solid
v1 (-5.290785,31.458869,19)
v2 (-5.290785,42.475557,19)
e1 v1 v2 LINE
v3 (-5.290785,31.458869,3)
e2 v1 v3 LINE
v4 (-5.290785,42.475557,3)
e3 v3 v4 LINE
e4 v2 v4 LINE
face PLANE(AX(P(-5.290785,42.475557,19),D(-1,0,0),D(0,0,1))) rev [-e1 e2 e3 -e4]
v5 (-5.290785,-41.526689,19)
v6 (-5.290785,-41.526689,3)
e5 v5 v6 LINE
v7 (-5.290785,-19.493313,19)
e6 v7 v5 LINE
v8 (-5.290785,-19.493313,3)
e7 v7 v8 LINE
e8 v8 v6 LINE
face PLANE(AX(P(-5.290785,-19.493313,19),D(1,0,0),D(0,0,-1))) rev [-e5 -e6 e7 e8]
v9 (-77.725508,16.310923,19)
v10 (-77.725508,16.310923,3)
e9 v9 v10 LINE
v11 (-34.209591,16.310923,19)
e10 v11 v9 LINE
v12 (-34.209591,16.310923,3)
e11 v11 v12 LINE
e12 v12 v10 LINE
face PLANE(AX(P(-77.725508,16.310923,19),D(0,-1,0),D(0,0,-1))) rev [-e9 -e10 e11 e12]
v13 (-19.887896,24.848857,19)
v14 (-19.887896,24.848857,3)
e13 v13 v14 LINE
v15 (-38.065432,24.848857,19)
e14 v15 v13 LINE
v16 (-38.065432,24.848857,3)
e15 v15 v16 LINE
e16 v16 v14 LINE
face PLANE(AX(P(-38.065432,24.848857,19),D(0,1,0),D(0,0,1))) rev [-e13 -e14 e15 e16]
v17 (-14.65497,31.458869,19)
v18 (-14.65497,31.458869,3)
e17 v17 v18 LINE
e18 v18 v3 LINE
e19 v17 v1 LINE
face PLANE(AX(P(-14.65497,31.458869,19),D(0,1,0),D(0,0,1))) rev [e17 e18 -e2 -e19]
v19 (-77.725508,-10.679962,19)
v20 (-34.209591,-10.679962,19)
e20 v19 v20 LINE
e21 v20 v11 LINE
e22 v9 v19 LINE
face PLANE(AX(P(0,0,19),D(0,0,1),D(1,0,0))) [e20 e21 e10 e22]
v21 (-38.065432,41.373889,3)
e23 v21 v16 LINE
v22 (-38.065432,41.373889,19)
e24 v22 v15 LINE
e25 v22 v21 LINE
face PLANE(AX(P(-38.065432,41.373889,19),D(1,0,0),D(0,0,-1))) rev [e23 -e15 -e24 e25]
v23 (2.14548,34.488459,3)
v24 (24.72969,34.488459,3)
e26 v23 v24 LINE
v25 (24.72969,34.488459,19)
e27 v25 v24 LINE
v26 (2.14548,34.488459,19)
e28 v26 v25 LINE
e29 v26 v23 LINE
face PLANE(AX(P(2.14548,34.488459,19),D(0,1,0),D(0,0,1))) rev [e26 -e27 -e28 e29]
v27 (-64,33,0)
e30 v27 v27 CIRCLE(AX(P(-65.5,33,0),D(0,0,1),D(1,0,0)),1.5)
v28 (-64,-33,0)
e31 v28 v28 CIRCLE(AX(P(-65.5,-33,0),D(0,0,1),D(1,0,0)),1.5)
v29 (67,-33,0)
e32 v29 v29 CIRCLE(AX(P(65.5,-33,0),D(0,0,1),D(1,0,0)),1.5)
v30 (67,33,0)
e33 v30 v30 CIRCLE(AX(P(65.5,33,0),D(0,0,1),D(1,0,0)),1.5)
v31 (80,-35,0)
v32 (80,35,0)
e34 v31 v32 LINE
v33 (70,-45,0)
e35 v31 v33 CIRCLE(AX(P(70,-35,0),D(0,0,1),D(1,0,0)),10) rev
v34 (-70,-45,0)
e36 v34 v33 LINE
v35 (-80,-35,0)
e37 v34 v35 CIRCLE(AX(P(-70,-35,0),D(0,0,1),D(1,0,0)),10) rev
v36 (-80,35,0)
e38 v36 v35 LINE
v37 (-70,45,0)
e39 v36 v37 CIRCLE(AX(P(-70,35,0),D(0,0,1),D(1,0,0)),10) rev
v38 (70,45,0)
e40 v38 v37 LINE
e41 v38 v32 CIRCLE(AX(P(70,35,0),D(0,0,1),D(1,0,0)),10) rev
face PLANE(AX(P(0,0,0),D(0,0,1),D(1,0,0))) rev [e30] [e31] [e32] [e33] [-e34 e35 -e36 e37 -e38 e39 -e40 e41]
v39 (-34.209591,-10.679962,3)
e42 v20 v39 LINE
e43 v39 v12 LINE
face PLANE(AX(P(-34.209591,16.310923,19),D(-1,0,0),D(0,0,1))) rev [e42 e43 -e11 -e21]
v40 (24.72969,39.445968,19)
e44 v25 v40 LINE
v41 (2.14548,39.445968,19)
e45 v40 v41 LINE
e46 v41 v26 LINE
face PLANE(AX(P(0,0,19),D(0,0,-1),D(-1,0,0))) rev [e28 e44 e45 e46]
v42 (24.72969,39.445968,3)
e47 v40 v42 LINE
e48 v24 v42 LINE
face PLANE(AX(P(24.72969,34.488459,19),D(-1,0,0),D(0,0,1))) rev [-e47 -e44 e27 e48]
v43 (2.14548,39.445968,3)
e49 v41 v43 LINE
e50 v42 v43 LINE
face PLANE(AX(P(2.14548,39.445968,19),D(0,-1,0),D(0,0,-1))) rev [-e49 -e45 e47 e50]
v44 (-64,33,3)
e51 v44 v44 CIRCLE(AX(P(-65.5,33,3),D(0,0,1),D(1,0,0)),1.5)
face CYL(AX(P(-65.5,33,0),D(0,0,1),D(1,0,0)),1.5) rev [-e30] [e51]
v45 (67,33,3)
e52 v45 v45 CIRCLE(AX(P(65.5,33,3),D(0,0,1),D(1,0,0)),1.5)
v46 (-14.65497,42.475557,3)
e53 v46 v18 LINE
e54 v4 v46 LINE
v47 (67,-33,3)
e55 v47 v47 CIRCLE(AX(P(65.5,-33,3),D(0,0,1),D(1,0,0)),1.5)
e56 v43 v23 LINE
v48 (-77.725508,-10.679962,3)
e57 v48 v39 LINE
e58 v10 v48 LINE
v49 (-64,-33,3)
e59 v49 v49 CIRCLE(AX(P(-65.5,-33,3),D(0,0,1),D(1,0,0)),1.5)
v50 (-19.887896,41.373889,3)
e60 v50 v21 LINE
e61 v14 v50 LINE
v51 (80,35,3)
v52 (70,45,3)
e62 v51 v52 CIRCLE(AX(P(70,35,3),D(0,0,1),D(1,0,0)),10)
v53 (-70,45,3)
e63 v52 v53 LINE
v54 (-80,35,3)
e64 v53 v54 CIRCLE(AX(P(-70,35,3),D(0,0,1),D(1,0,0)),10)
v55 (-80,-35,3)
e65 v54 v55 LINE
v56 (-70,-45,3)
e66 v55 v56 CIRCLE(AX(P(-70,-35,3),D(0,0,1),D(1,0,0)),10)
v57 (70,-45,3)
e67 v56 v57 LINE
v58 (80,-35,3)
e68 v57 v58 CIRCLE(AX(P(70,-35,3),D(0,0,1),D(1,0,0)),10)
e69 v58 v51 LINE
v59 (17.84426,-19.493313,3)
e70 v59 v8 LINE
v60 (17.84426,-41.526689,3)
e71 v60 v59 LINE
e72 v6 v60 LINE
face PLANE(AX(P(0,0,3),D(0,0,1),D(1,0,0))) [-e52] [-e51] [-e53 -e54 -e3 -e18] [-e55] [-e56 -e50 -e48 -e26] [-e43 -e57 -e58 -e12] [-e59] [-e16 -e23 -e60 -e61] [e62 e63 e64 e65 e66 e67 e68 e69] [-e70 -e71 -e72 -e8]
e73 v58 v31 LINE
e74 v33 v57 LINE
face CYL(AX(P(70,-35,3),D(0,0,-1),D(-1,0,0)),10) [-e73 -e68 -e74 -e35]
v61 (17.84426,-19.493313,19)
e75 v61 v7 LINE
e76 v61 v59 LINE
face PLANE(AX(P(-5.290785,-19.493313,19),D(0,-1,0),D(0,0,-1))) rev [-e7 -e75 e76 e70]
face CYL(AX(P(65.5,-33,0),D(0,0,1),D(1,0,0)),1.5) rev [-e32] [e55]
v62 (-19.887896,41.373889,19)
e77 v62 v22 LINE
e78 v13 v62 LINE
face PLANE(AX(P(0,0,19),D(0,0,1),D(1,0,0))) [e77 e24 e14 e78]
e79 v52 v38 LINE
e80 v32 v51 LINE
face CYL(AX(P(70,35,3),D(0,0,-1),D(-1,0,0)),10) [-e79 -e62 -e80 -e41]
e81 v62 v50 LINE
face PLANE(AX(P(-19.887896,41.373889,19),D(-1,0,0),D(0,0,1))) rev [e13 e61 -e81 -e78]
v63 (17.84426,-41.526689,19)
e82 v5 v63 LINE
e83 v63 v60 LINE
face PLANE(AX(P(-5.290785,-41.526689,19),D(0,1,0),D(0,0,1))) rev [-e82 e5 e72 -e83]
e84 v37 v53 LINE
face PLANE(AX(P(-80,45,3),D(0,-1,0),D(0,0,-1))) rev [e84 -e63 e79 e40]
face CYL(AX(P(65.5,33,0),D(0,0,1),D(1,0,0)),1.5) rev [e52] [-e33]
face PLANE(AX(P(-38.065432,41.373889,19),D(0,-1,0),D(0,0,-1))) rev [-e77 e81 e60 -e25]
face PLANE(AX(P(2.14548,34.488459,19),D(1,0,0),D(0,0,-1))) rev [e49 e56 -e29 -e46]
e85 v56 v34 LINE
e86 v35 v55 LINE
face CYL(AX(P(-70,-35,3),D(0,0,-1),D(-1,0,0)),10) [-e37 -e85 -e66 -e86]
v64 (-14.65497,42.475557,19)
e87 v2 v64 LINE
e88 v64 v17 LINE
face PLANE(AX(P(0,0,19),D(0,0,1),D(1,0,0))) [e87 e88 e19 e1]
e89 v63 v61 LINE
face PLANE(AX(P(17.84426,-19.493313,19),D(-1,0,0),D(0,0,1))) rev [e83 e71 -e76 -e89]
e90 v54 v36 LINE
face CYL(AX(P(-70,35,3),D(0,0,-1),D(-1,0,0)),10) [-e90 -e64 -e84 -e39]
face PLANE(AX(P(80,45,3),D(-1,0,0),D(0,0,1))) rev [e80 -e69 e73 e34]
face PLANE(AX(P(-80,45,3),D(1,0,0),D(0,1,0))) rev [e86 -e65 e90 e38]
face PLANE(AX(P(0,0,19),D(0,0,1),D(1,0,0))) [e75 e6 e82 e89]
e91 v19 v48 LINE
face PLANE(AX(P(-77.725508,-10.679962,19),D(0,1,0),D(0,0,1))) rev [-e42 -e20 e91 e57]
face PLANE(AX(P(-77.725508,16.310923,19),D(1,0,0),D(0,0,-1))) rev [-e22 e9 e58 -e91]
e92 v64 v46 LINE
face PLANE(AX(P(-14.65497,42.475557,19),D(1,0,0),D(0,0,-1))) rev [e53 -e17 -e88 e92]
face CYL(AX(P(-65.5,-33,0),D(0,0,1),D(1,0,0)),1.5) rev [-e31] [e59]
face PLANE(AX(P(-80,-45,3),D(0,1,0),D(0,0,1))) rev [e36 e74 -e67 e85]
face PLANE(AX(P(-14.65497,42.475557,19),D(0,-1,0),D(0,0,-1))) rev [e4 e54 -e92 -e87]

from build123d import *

# Parameters (mm, degrees)
SKETCH1_W           = 160
SKETCH1_H           = 90
BOSS_EXTRUDE1_DEPTH = 3
FILLET1_R           = 10
SKETCH2_R           = 1.5
CUT_EXTRUDE1_DEPTH  = 4
SKETCH3_W           = 43.515917568
SKETCH3_H           = 26.99088558
SKETCH3_W_2         = 23.135044783
SKETCH3_H_2         = 22.033375984
SKETCH3_W_3         = 18.177535187
SKETCH3_H_3         = 16.525031987
SKETCH3_W_4         = 9.364184793
SKETCH3_H_4         = 11.016687992
SKETCH3_W_5         = 22.584210384
SKETCH3_H_5         = 4.957509597
BOSS_EXTRUDE2_DEPTH = 16


with BuildPart() as part:
    # Sketch1 → Boss-Extrude1 (new body)
    with BuildSketch(Plane.XY):
        Rectangle(SKETCH1_W, SKETCH1_H)
    extrude(amount=BOSS_EXTRUDE1_DEPTH)

    # Fillet1
    fillet1_edges = [part.edges().sort_by_distance(p)[0] for p in [
        (80, -45, 1.5),
        (-80, -45, 1.5),
        (-80, 45, 1.5),
        (80, 45, 1.5),
    ]]
    fillet(fillet1_edges, radius=FILLET1_R)

    # Sketch2 → Cut-Extrude1 (cut, through all)
    with BuildSketch(Plane.XY.offset(3)):
        with Locations((-65.5, 33)):
            Circle(SKETCH2_R)
        with Locations((65.5, 33)):
            Circle(SKETCH2_R)
        with Locations((65.5, -33)):
            Circle(SKETCH2_R)
        with Locations((-65.5, -33)):
            Circle(SKETCH2_R)
    extrude(amount=-CUT_EXTRUDE1_DEPTH, mode=Mode.SUBTRACT)

    # Sketch3 → Boss-Extrude2 (add)
    with BuildSketch(Plane.XY.offset(3)):
        with Locations((-55.967549569, 2.815480553)):
            Rectangle(SKETCH3_W, SKETCH3_H)
        with Locations((6.276737585, -30.510000623)):
            Rectangle(SKETCH3_W_2, SKETCH3_H_2)
        with Locations((-28.976663989, 33.111372531)):
            Rectangle(SKETCH3_W_3, SKETCH3_H_3)
        with Locations((-9.972877203, 36.967213328)):
            Rectangle(SKETCH3_W_4, SKETCH3_H_4)
        with Locations((13.43758478, 36.967213328)):
            Rectangle(SKETCH3_W_5, SKETCH3_H_5)
    extrude(amount=BOSS_EXTRUDE2_DEPTH)


solid = part.part
